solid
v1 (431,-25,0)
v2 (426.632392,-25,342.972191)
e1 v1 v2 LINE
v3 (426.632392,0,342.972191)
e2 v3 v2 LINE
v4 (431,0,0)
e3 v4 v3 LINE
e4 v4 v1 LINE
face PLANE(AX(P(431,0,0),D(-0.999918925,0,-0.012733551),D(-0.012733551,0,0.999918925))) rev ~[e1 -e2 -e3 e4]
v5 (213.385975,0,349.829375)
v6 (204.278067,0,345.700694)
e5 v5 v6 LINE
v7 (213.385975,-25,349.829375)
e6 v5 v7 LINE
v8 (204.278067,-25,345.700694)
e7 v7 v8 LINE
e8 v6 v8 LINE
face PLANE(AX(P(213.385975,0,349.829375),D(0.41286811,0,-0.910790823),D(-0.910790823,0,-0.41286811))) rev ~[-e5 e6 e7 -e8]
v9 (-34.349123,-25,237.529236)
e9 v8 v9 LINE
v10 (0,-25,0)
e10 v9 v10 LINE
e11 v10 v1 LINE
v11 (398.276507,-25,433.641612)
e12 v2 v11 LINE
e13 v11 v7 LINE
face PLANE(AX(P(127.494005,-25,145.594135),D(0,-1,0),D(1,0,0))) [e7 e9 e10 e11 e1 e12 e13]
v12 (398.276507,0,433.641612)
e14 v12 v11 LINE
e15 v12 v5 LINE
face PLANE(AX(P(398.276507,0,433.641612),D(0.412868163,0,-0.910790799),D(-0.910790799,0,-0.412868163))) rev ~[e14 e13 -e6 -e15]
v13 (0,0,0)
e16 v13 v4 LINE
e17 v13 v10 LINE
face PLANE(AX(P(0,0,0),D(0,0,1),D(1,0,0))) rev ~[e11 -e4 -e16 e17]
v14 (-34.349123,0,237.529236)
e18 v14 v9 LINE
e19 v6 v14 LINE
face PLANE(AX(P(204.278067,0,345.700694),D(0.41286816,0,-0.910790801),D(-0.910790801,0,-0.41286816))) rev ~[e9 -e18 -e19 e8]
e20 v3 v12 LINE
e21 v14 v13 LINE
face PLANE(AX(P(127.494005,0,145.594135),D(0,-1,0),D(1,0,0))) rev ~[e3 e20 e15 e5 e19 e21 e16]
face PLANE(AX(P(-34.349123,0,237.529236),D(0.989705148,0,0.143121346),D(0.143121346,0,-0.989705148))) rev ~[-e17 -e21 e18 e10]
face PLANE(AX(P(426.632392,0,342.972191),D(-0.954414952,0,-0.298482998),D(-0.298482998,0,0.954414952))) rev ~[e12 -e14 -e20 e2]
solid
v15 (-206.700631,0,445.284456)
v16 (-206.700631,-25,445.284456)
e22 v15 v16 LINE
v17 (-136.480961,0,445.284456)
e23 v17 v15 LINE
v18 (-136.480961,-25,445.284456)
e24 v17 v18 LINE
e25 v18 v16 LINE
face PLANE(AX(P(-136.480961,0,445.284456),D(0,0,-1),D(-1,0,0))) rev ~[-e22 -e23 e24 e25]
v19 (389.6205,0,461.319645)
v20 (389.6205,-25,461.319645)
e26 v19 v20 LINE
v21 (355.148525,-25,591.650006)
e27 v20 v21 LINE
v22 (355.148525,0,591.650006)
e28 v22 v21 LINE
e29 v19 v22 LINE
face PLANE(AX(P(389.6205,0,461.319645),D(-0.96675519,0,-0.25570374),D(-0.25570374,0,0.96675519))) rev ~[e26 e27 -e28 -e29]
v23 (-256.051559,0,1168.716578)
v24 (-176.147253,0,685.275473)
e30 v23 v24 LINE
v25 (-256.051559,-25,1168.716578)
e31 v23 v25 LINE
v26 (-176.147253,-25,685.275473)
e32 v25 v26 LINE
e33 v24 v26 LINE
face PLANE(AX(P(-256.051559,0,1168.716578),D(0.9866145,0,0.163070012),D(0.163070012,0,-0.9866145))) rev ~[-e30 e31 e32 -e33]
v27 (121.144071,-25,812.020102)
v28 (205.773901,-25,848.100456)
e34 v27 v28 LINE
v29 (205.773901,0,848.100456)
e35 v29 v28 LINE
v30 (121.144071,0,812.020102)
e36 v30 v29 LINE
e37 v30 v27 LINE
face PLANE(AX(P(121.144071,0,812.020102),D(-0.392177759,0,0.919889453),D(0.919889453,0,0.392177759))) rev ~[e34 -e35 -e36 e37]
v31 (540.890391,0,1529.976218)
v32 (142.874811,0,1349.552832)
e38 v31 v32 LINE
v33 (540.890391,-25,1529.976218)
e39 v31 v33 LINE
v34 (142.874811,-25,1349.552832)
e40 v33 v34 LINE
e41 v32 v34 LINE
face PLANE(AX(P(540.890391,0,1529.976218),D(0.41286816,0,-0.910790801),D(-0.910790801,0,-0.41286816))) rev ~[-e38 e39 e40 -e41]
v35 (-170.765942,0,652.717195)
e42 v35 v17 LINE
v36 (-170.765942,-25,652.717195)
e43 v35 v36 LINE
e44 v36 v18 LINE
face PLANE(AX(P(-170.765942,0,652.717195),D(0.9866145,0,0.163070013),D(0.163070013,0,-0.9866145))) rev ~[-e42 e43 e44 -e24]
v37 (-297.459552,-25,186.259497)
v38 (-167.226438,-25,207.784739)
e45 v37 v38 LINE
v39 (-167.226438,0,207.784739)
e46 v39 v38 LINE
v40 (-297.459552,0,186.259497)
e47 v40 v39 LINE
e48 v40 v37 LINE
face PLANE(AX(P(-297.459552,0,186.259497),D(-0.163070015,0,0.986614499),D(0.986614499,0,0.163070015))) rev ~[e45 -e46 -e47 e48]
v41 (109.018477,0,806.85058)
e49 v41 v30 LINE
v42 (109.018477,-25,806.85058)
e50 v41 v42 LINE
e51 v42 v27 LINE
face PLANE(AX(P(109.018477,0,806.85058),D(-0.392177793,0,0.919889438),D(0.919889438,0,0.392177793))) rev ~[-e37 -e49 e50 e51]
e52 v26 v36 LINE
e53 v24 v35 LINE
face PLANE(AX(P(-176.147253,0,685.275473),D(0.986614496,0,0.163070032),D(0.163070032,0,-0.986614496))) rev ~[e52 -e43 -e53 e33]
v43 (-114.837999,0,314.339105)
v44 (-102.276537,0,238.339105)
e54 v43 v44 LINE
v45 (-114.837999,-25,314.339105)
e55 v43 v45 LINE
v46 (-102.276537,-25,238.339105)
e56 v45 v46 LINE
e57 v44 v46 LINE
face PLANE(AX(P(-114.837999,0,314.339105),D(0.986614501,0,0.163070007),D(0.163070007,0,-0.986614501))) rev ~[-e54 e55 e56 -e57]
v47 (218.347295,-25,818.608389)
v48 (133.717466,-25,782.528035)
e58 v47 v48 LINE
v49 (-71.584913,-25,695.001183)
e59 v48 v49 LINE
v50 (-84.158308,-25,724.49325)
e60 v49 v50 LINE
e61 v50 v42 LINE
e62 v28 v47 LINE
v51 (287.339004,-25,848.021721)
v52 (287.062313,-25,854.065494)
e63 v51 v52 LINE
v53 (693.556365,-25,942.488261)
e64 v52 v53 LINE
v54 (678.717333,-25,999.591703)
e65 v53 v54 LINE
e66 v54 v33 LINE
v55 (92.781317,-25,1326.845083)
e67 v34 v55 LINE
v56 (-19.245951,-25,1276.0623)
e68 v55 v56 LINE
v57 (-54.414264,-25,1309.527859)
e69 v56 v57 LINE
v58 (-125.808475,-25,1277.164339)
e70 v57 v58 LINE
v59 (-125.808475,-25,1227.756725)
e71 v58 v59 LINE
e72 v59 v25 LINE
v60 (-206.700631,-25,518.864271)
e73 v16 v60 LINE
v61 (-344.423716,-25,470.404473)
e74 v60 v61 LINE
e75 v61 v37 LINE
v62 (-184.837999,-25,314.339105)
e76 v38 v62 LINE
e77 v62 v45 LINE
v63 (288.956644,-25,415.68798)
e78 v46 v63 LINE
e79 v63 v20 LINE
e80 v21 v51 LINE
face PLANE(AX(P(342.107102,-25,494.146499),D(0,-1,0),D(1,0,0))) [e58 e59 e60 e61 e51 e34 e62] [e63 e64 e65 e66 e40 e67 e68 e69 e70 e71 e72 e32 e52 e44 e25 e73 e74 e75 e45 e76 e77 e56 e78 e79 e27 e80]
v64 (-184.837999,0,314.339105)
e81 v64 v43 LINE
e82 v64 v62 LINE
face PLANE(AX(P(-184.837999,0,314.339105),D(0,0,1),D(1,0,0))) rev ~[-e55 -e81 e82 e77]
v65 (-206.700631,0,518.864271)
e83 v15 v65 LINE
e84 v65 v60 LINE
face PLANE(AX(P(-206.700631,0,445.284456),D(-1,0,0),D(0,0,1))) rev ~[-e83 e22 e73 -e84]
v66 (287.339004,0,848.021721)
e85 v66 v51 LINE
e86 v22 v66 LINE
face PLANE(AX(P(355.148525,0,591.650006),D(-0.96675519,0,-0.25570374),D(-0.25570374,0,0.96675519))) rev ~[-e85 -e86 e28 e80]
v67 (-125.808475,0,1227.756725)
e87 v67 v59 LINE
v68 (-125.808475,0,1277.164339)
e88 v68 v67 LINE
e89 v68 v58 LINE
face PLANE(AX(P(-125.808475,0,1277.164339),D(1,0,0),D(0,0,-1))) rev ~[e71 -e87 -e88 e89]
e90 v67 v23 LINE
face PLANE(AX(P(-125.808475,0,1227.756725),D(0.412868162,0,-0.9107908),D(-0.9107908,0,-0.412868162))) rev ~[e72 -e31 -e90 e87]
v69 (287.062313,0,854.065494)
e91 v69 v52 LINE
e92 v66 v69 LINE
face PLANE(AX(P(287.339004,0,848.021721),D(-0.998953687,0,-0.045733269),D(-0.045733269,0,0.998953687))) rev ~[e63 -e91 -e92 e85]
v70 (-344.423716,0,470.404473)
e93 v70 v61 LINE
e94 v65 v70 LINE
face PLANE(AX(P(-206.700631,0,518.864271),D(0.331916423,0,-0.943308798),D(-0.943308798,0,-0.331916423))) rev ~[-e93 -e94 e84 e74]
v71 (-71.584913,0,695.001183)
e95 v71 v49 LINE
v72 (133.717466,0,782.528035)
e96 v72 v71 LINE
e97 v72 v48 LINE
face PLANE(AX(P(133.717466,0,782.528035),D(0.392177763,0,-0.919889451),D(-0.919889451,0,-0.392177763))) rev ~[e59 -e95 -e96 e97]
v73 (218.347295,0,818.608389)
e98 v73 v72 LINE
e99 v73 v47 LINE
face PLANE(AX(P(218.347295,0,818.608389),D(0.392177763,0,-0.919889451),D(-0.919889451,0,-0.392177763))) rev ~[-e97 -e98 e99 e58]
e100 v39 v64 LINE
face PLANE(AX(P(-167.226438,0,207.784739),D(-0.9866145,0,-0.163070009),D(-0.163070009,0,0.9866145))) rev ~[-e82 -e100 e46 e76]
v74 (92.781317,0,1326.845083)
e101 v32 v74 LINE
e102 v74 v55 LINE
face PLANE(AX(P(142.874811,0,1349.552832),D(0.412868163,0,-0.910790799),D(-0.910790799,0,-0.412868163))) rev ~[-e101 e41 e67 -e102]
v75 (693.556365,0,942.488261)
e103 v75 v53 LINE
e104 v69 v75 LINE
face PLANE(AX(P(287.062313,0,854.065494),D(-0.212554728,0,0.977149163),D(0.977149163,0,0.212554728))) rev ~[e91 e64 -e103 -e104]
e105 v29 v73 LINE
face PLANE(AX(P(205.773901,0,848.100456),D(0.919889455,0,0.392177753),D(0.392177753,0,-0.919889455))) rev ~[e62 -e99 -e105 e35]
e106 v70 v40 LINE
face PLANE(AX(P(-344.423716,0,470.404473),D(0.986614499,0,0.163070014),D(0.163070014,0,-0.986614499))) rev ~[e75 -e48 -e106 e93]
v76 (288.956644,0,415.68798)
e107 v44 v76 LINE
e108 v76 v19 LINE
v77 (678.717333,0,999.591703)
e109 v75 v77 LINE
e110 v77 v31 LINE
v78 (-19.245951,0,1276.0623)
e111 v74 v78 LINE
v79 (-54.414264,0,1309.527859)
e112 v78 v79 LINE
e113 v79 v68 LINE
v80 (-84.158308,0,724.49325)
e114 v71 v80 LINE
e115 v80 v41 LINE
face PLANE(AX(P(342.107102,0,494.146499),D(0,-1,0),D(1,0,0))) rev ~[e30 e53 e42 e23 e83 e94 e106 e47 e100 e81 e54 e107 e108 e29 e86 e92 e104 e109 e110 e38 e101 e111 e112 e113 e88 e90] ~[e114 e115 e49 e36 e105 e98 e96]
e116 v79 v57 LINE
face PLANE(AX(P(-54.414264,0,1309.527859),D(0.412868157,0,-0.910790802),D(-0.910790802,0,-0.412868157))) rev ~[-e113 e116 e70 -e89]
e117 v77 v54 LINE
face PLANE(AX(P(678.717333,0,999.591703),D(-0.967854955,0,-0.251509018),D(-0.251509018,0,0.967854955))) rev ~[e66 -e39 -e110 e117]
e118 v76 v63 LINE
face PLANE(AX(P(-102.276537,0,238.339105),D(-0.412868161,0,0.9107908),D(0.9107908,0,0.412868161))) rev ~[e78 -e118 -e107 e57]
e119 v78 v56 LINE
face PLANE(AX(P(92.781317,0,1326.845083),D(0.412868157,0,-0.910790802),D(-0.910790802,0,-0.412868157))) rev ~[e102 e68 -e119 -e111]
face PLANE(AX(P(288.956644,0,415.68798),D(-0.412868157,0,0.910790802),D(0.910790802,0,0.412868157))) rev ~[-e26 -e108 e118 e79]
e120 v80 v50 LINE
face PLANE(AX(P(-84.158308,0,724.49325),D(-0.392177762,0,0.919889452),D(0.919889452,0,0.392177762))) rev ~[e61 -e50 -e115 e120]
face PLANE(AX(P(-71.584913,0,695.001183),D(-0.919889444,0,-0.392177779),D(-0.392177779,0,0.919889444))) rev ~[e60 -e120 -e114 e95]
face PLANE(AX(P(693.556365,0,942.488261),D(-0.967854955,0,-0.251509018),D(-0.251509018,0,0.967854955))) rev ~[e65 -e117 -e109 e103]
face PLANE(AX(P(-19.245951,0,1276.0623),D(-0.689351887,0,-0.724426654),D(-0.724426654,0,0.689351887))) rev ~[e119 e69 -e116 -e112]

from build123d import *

# Parameters (mm, degrees)
F1_DEPTH = 25


with BuildPart() as f1:
    # F0 (on Front) → F1 (new body)
    with BuildSketch(Plane.XZ):
        Polygon((288.956644, 415.68798), (389.6205, 461.319645), (355.148525, 591.650006), align=None)
        Polygon((-34.349123, 237.529236), (0, 0), (143, 0), (280, 0), (285, 0), (204.278067, 345.700694), align=None)
        Polygon((213.385975, 349.829375), (204.278067, 345.700694), (285, 0), (295, 0), align=None)
        Polygon((398.276507, 433.641612), (213.385975, 349.829375), (295, 0), (431, 0), (426.632392, 342.972191), align=None)
        Polygon((-102.276537, 238.339105), (288.956644, 415.68798), (355.148525, 591.650006), (287.339004, 848.021721), (218.347295, 818.608389), (133.717466, 782.528035), (-71.584913, 695.001183), (-170.765942, 652.717195), (-136.480961, 445.284456), (-114.837999, 314.339105), align=None)
        Polygon((218.347295, 818.608389), (287.339004, 848.021721), (287.062313, 854.065494), (291.670075, 855.238971), (259.151869, 884.071267), (240.315159, 862.826479), (205.773901, 848.100456), align=None)
        Polygon((-184.837999, 314.339105), (-114.837999, 314.339105), (-136.480961, 445.284456), (-206.700631, 445.284456), (-206.700631, 518.864271), (-344.423716, 470.404473), (-297.459552, 186.259497), (-167.226438, 207.784739), align=None)
        Polygon((291.670075, 855.238971), (287.062313, 854.065494), (693.556365, 942.488261), (678.717333, 999.591703), (540.890391, 1529.976218), (142.874811, 1349.552832), (279.251338, 987.831595), (227.896388, 968.469697), (92.781317, 1326.845083), (-19.245951, 1276.0623), (-125.808475, 1227.756725), (-256.051559, 1168.716578), (-176.147253, 685.275473), (-84.158308, 724.49325), (109.018477, 806.85058), (121.144071, 812.020102), (205.773901, 848.100456), (240.315159, 862.826479), (259.151869, 884.071267), align=None)
        Polygon((-176.147253, 685.275473), (-170.765942, 652.717195), (-71.584913, 695.001183), (-84.158308, 724.49325), align=None)
        Polygon((279.251338, 987.831595), (142.874811, 1349.552832), (92.781317, 1326.845083), (227.896388, 968.469697), align=None)
        Polygon((-125.808475, 1277.164339), (-125.808475, 1227.756725), (-19.245951, 1276.0623), (-54.414264, 1309.527859), align=None)
    extrude(amount=F1_DEPTH)


solid = f1.part
